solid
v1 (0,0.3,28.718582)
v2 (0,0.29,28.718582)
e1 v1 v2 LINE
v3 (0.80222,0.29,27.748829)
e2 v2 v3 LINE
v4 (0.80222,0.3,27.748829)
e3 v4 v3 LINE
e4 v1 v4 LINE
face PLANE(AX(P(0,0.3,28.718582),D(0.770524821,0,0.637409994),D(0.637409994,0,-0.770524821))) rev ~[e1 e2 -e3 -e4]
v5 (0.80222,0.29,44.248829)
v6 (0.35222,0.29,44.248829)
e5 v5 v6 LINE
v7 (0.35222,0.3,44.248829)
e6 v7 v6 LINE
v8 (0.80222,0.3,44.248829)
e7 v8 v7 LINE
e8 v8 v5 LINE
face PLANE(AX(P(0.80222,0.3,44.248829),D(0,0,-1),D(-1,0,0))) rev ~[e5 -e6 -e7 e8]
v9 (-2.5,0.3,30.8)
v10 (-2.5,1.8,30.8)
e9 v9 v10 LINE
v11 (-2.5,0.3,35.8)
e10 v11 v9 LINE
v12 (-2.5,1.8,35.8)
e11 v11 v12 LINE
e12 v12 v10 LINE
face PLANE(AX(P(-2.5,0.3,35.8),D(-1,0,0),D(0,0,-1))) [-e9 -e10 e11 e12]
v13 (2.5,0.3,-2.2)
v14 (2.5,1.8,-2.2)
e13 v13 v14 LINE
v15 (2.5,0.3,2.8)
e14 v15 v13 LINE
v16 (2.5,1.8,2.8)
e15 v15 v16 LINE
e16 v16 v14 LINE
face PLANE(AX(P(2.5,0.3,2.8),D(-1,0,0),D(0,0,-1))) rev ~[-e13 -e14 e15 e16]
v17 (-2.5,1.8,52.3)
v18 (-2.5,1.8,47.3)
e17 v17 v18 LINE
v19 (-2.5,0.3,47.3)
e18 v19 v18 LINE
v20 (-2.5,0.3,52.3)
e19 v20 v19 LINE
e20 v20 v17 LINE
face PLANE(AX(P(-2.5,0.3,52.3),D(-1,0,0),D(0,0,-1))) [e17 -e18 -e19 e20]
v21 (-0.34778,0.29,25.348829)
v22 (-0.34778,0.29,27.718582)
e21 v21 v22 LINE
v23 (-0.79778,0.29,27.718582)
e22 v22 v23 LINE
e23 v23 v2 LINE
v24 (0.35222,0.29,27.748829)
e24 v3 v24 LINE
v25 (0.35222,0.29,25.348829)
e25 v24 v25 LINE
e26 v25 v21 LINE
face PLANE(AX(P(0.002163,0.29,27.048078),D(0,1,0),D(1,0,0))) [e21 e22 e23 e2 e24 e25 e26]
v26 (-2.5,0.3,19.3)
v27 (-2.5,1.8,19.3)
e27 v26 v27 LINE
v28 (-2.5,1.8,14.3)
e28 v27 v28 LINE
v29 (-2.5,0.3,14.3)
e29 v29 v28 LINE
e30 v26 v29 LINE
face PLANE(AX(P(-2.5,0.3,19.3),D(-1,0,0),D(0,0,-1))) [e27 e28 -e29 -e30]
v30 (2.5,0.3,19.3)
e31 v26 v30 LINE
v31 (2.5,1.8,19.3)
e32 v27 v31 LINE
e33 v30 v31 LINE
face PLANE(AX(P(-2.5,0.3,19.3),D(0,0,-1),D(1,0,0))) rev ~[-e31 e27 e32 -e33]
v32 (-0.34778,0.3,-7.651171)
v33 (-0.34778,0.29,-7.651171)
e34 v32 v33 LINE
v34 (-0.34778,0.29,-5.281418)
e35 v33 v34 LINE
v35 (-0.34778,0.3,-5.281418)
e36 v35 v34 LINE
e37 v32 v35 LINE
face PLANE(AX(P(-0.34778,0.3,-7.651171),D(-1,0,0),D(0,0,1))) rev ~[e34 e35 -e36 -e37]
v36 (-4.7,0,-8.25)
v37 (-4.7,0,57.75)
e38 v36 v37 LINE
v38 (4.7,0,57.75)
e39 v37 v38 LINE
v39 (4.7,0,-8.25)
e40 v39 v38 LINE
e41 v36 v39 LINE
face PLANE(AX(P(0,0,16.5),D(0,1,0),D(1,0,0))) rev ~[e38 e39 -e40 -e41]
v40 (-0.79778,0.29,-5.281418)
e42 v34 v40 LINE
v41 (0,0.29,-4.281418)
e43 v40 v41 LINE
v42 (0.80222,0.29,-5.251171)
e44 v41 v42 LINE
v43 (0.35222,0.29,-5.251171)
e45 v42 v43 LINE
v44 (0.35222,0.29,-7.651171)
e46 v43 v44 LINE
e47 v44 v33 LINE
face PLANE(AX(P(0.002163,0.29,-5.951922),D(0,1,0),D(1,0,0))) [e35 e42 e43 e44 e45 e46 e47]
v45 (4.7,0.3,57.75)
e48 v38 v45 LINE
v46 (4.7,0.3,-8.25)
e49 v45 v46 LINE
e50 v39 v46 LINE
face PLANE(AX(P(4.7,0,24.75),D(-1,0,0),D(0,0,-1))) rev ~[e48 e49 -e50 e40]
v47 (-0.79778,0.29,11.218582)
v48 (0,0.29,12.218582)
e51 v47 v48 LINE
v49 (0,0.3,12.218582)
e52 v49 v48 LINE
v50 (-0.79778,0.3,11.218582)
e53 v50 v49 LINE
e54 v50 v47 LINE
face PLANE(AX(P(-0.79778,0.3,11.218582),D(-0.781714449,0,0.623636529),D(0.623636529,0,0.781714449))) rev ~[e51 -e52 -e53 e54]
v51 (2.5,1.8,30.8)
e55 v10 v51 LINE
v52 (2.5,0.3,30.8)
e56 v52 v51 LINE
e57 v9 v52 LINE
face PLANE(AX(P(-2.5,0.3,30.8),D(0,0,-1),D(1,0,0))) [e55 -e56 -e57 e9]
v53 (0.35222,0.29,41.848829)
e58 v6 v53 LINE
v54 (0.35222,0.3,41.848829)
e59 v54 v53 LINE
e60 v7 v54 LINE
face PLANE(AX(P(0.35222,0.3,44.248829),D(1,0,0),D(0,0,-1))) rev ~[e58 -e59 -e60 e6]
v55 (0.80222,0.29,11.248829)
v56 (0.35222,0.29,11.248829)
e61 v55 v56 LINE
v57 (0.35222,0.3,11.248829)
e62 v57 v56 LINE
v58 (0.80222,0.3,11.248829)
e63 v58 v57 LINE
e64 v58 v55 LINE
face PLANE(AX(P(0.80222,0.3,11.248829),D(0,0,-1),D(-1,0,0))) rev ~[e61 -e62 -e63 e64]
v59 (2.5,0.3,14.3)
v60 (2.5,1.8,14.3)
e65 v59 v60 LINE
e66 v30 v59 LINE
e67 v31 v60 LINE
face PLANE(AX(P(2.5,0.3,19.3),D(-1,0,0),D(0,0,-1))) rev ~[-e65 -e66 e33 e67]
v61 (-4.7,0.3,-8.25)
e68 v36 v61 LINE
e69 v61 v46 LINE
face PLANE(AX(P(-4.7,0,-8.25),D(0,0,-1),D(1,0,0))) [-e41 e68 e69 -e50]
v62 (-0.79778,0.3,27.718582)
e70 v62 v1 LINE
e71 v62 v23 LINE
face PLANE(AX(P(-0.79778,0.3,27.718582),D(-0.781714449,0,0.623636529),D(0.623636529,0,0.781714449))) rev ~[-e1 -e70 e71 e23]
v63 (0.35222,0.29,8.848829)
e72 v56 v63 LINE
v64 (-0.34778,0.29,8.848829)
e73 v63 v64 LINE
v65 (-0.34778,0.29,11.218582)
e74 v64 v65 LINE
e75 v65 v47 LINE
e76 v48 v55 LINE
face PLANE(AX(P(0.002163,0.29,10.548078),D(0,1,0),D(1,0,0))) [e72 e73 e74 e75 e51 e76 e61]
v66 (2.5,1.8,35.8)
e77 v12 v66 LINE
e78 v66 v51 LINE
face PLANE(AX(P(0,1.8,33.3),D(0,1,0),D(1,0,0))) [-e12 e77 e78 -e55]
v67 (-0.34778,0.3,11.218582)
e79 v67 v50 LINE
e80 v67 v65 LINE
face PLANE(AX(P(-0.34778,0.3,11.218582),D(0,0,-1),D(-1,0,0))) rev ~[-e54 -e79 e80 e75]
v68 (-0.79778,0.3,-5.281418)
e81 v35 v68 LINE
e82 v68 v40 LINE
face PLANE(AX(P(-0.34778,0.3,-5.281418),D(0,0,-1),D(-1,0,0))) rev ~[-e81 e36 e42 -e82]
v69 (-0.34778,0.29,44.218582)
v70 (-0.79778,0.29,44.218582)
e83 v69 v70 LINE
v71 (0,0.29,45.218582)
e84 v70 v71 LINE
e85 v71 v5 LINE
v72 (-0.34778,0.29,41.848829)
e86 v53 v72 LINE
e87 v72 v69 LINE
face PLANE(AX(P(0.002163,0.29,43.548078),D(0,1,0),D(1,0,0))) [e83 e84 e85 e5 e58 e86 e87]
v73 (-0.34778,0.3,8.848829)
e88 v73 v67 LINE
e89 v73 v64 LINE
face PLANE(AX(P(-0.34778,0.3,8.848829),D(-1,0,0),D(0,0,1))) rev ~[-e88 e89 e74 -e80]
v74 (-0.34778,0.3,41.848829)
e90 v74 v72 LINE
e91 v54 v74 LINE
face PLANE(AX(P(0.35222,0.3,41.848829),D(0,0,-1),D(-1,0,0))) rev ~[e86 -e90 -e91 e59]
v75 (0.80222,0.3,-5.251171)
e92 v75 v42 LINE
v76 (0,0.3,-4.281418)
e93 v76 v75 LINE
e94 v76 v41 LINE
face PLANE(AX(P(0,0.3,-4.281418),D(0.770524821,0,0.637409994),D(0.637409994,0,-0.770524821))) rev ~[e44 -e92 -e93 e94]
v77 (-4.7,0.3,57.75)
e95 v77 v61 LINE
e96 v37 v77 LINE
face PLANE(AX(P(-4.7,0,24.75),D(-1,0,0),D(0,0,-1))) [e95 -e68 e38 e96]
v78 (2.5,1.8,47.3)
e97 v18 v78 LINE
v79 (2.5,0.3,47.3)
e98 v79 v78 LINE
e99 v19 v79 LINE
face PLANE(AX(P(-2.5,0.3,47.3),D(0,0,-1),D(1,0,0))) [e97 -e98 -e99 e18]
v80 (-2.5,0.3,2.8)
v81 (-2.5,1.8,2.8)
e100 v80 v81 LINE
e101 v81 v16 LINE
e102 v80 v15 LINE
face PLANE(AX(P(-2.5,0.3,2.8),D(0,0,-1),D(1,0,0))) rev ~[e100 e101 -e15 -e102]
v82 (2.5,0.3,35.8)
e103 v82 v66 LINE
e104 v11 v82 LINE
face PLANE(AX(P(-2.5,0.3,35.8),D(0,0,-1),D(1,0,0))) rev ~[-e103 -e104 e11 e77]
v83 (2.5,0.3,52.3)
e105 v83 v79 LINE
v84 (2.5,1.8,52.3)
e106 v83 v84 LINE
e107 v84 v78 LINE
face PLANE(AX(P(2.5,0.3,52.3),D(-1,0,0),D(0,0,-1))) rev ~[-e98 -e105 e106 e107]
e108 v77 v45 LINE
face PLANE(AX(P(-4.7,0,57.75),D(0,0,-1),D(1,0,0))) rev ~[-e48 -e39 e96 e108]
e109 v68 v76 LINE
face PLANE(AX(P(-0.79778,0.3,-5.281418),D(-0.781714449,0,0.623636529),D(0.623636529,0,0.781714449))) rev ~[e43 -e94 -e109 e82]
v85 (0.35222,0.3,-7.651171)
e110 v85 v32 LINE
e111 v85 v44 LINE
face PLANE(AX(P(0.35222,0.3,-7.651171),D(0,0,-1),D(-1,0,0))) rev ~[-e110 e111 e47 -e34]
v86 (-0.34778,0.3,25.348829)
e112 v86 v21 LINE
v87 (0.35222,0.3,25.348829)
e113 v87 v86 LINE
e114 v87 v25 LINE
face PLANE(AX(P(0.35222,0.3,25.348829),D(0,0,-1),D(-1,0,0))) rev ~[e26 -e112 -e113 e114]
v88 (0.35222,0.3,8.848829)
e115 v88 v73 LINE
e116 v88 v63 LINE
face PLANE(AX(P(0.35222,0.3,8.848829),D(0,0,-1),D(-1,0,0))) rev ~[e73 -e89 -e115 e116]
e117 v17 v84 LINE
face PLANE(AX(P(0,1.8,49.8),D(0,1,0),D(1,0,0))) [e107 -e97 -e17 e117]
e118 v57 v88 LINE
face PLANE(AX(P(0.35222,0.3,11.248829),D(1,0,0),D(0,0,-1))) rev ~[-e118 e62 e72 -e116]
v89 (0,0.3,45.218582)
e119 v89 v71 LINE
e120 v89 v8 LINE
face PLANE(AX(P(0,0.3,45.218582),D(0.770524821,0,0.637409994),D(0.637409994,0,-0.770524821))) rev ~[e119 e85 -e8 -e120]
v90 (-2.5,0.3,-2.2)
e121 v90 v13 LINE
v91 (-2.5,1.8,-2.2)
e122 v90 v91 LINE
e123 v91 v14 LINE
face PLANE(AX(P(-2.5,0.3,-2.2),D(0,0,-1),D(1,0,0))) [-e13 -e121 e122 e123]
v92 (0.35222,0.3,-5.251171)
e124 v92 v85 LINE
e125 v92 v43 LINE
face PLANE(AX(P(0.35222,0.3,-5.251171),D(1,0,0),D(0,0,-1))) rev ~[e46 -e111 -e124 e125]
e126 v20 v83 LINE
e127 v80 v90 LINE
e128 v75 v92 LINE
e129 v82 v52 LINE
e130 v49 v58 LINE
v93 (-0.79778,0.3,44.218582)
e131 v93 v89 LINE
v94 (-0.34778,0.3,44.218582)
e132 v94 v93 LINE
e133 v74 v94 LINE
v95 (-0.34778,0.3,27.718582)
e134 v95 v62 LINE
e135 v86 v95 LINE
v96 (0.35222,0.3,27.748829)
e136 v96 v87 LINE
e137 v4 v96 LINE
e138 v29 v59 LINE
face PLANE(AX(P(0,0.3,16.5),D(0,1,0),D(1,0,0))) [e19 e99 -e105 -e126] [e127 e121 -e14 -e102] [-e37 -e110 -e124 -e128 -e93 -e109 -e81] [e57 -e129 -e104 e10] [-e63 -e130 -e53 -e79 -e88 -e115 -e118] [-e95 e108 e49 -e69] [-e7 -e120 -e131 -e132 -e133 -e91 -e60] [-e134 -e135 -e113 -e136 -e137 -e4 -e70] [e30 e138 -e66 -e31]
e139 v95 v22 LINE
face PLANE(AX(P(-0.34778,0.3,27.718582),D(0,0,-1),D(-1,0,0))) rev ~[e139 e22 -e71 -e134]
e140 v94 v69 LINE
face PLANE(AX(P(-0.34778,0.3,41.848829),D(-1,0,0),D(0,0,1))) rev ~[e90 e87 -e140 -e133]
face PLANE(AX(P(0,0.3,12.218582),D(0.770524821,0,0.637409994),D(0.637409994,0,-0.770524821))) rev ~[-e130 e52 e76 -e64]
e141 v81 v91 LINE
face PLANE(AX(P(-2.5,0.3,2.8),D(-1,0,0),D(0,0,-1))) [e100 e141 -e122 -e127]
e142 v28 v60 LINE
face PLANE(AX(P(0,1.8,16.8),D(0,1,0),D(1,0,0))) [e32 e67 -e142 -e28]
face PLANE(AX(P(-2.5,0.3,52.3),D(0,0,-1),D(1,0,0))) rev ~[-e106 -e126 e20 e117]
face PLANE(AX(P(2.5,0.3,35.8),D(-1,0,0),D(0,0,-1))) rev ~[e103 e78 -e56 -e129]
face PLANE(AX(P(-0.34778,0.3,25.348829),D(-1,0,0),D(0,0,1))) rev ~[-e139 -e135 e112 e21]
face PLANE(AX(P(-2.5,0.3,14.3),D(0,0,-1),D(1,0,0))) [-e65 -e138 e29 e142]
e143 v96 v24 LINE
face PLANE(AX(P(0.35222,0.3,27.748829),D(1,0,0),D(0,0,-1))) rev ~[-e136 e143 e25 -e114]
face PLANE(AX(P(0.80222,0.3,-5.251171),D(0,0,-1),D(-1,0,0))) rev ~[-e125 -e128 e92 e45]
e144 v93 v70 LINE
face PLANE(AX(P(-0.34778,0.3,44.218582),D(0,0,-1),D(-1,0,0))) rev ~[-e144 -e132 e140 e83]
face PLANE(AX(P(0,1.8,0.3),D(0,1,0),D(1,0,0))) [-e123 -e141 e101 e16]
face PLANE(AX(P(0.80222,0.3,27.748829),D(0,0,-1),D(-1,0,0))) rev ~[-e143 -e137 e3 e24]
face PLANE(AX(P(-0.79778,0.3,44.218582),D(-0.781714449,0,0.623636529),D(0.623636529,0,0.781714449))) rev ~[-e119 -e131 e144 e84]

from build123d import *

# Parameters (mm, degrees)
SKETCH1_W           = 9.4
SKETCH1_H           = 16.5
BOSS_EXTRUDE1_DEPTH = 0.3
SKETCH2_W           = 5
SKETCH2_H           = 5
BOSS_EXTRUDE2_DEPTH = 1.5
CUT_EXTRUDE1_DEPTH  = 0.01
LPATTERN1_COUNT     = 4
LPATTERN1_PITCH     = 16.5


with BuildPart() as part:
    # Sketch1 → Boss-Extrude1 (new body)
    with BuildSketch(Plane(origin=(0, 0, 0), x_dir=(1, 0, 0), z_dir=(0, 1, 0))):
        Rectangle(SKETCH1_W, SKETCH1_H)
    boss_extrude1 = extrude(amount=BOSS_EXTRUDE1_DEPTH)

    # Sketch2 → Boss-Extrude2 (add)
    with BuildSketch(Plane(origin=(0, 0.3, 0), x_dir=(1, 0, 0), z_dir=(0, 1, 0))):
        with Locations((0, -0.3)):
            Rectangle(SKETCH2_W, SKETCH2_H)
    boss_extrude2 = extrude(amount=BOSS_EXTRUDE2_DEPTH)

    # Sketch3 → Cut-Extrude1 (cut)
    with BuildSketch(Plane(origin=(0, 0.3, 0), x_dir=(1, 0, 0), z_dir=(0, 1, 0))):
        Polygon((-0.34778048, 5.281417879), (-0.79778048, 5.281417879), (0, 4.281417879), (0.80221952, 5.251170562), (0.35221952, 5.251170562), (0.35221952, 7.651170562), (-0.34778048, 7.651170562), align=None)
    cut_extrude1 = extrude(amount=-CUT_EXTRUDE1_DEPTH, mode=Mode.SUBTRACT)

    # LPattern1: Boss-Extrude1, Boss-Extrude2, Cut-Extrude1 ×4
    with Locations(*[(0, 0, i * LPATTERN1_PITCH) for i in range(1, LPATTERN1_COUNT)]):
        add(boss_extrude1)
        add(boss_extrude2)
        add(cut_extrude1, mode=Mode.SUBTRACT)


solid = part.part
